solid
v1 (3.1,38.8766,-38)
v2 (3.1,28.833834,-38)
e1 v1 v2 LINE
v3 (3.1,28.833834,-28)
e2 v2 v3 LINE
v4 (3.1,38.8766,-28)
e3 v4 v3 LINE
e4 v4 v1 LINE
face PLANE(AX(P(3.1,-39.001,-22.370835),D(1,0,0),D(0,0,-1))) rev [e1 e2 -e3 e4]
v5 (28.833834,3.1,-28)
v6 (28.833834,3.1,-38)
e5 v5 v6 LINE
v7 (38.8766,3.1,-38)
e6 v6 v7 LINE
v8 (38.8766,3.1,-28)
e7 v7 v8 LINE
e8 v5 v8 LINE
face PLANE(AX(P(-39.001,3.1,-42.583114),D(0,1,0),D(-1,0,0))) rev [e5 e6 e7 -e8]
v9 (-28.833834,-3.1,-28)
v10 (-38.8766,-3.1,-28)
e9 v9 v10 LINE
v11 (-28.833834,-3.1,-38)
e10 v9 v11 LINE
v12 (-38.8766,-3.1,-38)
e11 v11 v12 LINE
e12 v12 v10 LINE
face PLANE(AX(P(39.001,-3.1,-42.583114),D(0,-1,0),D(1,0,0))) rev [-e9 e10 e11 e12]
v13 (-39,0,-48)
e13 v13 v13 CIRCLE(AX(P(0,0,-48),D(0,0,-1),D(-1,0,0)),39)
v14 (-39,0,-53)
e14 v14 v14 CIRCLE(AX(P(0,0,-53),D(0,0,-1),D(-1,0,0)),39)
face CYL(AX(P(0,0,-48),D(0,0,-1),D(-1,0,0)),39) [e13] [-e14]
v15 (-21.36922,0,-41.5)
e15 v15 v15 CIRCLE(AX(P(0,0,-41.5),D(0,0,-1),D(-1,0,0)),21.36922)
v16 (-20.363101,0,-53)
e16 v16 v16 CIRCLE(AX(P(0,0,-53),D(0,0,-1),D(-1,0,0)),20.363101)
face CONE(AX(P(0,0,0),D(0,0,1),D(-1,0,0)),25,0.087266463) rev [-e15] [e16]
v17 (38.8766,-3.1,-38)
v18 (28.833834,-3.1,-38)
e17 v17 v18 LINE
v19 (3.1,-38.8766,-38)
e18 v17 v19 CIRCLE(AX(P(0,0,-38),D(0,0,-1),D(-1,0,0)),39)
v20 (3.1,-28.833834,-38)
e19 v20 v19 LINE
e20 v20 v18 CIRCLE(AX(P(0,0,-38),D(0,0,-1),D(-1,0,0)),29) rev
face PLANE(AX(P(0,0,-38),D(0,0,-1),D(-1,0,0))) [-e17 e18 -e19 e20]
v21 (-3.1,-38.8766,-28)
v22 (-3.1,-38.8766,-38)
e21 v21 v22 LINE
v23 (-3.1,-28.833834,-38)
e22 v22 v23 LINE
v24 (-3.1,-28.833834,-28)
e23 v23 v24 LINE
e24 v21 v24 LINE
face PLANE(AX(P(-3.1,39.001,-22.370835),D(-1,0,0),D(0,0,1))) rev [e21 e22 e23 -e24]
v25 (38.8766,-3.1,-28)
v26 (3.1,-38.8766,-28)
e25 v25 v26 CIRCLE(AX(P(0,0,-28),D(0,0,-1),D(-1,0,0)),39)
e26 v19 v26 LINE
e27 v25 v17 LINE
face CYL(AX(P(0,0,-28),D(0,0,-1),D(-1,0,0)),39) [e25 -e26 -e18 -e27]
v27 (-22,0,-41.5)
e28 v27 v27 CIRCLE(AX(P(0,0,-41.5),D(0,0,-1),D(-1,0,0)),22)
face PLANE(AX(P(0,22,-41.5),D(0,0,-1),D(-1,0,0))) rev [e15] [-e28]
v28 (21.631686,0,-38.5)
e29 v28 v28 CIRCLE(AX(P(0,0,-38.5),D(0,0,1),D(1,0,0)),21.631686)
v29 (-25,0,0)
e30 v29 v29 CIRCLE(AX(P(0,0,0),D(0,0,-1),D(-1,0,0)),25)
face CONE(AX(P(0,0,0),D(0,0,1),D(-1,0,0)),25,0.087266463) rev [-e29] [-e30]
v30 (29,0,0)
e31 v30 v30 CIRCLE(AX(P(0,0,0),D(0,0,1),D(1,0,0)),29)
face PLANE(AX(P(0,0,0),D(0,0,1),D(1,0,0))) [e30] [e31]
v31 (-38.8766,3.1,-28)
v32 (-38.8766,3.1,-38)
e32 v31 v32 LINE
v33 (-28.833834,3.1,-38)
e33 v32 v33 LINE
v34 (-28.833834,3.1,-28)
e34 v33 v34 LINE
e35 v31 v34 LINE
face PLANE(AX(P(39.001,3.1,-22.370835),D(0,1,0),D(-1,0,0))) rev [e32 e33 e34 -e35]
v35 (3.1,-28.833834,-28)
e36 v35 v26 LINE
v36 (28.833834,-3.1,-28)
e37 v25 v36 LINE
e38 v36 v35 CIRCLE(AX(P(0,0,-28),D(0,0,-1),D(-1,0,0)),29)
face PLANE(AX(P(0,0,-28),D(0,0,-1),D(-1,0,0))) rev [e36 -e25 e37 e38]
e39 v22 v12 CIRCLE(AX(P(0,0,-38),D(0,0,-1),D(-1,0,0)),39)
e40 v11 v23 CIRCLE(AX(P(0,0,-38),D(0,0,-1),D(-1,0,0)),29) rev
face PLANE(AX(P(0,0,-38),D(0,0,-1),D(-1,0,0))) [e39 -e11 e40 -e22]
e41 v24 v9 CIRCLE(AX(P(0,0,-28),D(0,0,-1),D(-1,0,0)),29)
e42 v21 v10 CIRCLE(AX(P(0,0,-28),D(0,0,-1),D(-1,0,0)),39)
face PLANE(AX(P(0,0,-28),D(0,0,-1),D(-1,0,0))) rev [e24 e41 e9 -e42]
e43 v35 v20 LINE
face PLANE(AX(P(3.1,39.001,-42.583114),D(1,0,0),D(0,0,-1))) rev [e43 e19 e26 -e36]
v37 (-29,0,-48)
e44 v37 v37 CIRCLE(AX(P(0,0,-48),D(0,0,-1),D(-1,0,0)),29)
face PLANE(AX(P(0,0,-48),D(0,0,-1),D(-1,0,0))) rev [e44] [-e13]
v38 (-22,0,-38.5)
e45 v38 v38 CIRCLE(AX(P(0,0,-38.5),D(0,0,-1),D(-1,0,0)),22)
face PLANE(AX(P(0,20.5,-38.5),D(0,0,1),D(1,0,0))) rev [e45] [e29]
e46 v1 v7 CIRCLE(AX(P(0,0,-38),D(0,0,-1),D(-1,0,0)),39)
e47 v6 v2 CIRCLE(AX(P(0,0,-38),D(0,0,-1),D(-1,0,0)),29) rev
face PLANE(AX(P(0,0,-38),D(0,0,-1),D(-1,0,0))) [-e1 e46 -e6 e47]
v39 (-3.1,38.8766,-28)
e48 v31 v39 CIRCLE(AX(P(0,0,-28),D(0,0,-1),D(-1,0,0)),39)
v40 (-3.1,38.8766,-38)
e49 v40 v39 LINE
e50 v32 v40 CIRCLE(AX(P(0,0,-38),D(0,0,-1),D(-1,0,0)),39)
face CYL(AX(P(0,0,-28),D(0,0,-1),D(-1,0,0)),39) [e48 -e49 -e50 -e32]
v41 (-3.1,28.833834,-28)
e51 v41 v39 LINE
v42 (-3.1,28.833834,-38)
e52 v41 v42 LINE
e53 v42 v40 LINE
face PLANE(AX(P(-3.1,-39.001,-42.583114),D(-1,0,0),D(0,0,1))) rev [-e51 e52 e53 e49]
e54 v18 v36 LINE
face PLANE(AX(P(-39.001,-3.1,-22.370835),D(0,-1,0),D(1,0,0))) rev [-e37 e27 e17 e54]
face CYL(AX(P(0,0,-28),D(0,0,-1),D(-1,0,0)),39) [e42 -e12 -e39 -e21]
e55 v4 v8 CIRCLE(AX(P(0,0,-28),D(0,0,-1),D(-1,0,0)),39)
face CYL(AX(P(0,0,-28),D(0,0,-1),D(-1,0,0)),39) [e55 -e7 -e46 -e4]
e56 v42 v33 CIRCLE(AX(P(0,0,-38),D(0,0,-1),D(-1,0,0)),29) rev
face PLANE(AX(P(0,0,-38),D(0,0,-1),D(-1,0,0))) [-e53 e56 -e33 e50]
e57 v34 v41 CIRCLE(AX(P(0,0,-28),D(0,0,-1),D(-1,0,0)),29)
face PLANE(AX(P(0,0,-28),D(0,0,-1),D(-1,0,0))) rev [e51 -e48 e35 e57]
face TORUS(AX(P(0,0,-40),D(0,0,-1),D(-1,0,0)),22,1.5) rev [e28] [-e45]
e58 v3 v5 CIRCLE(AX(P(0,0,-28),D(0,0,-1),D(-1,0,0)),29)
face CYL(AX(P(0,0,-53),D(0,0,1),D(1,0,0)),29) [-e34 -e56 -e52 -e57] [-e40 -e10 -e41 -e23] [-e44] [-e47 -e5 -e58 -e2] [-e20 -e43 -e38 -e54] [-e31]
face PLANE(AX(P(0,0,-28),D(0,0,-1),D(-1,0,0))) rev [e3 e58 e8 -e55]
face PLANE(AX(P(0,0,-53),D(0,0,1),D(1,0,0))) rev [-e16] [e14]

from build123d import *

# Parameters (mm, degrees)
SKETCH1_R                = 29
BOSS_EXTRUDE1_DEPTH      = 53
SKETCH2_R                = 25
CUT_EXTRUDE1_DEPTH       = 68.014923711
CUT_EXTRUDE1_TAPER       = 5
EXTRUDE_START            = -5
SKETCH_1_R               = 39
SKETCH_1_R_2             = 29
EXTRUDE_1_DEPTH          = 5
EXTRUDE_START_2          = -10
SKETCH_2_R               = 39
SKETCH_2_R_2             = 29
EXTRUDE_2_DEPTH          = 10
CUT_EXTRUDE_1_REACH      = 108.705
CUT_EXTRUDE_1_END_RADIUS = 29
SKETCH_3_W               = 6.2
SKETCH_3_H               = 20.212278325
PATTERN_CIRCULAR_1_COUNT = 4


with BuildPart() as part:
    # Sketch1 → Boss-Extrude1 (new body)
    with BuildSketch(Plane.XY):
        Circle(SKETCH1_R)
    extrude(amount=-BOSS_EXTRUDE1_DEPTH)

    # Sketch2 → Cut-Extrude1 (cut, through all)
    with BuildSketch(Plane(origin=(0, 0, 0), x_dir=(-1, 0, 0), z_dir=(0, 0, -1))):
        Circle(SKETCH2_R)
    extrude(amount=CUT_EXTRUDE1_DEPTH, taper=CUT_EXTRUDE1_TAPER, mode=Mode.SUBTRACT)

    # Sketch3 → Cut-Revolve1 (revolve, cut)
    with BuildSketch(Plane(origin=(0, 0, 0), x_dir=(0, 0, -1), z_dir=(1, 0, 0))):
        with BuildLine():
            Line((41.5, 22), (41.5, 20.5))
            Line((41.5, 20.5), (38.5, 20.5))
            Line((38.5, 20.5), (38.5, 22))
            ThreePointArc((38.5, 22), (40, 23.5), (41.5, 22))
        make_face()
    revolve(axis=Axis((0, 0, -33.171853518), (0, 0, 1)), mode=Mode.SUBTRACT)

    # Эскиз1 → Бобышка-Вытянуть1 (add)
    with BuildSketch(Plane(origin=(0, 0, -53), x_dir=(-1, 0, 0), z_dir=(0, 0, -1)).offset(EXTRUDE_START)):
        Circle(SKETCH_1_R)
        Circle(SKETCH_1_R_2, mode=Mode.SUBTRACT)
    extrude(amount=EXTRUDE_1_DEPTH)

    # Эскиз2 → Бобышка-Вытянуть2 (add)
    with BuildSketch(Plane(origin=(0, 0, -38), x_dir=(-1, 0, 0), z_dir=(0, 0, -1)).offset(EXTRUDE_START_2)):
        Circle(SKETCH_2_R)
        Circle(SKETCH_2_R_2, mode=Mode.SUBTRACT)
    extrude(amount=EXTRUDE_2_DEPTH)

    # Вырез-Вытянуть1: up to this cylinder (the profile starts outside it)
    cut_extrude_1_end = Plane(origin=(0, 0, -32.476974), z_dir=(0, 0, 1)) * Cylinder(CUT_EXTRUDE_1_END_RADIUS, 276.41, mode=Mode.PRIVATE)
    # Эскиз3 → Вырез-Вытянуть1 (cut, up to the surface)
    with BuildSketch(Plane(origin=(0, 45, 0), x_dir=(1, 0, 0), z_dir=(0, 1, 0)), mode=Mode.PRIVATE) as cut_extrude_1_sk1:
        with Locations((0, 32.47697446)):
            Rectangle(SKETCH_3_W, SKETCH_3_H)
    cut_extrude_1_tool1 = extrude(cut_extrude_1_sk1.sketch, amount=-CUT_EXTRUDE_1_REACH, mode=Mode.PRIVATE) - cut_extrude_1_end
    cut_extrude_1 = cut_extrude_1_tool1.solids().sort_by_distance((0, 45, -32.476974))[0]
    add(cut_extrude_1, mode=Mode.SUBTRACT)

    # Круговой массив1: Вырез-Вытянуть1 ×4 about axis
    pattern_circular_1_axis = Axis((0, 0, 0), (0, 0, 1))
    for i in range(1, PATTERN_CIRCULAR_1_COUNT):
        add(cut_extrude_1.rotate(pattern_circular_1_axis, i * 360 / PATTERN_CIRCULAR_1_COUNT), mode=Mode.SUBTRACT)


solid = part.part
